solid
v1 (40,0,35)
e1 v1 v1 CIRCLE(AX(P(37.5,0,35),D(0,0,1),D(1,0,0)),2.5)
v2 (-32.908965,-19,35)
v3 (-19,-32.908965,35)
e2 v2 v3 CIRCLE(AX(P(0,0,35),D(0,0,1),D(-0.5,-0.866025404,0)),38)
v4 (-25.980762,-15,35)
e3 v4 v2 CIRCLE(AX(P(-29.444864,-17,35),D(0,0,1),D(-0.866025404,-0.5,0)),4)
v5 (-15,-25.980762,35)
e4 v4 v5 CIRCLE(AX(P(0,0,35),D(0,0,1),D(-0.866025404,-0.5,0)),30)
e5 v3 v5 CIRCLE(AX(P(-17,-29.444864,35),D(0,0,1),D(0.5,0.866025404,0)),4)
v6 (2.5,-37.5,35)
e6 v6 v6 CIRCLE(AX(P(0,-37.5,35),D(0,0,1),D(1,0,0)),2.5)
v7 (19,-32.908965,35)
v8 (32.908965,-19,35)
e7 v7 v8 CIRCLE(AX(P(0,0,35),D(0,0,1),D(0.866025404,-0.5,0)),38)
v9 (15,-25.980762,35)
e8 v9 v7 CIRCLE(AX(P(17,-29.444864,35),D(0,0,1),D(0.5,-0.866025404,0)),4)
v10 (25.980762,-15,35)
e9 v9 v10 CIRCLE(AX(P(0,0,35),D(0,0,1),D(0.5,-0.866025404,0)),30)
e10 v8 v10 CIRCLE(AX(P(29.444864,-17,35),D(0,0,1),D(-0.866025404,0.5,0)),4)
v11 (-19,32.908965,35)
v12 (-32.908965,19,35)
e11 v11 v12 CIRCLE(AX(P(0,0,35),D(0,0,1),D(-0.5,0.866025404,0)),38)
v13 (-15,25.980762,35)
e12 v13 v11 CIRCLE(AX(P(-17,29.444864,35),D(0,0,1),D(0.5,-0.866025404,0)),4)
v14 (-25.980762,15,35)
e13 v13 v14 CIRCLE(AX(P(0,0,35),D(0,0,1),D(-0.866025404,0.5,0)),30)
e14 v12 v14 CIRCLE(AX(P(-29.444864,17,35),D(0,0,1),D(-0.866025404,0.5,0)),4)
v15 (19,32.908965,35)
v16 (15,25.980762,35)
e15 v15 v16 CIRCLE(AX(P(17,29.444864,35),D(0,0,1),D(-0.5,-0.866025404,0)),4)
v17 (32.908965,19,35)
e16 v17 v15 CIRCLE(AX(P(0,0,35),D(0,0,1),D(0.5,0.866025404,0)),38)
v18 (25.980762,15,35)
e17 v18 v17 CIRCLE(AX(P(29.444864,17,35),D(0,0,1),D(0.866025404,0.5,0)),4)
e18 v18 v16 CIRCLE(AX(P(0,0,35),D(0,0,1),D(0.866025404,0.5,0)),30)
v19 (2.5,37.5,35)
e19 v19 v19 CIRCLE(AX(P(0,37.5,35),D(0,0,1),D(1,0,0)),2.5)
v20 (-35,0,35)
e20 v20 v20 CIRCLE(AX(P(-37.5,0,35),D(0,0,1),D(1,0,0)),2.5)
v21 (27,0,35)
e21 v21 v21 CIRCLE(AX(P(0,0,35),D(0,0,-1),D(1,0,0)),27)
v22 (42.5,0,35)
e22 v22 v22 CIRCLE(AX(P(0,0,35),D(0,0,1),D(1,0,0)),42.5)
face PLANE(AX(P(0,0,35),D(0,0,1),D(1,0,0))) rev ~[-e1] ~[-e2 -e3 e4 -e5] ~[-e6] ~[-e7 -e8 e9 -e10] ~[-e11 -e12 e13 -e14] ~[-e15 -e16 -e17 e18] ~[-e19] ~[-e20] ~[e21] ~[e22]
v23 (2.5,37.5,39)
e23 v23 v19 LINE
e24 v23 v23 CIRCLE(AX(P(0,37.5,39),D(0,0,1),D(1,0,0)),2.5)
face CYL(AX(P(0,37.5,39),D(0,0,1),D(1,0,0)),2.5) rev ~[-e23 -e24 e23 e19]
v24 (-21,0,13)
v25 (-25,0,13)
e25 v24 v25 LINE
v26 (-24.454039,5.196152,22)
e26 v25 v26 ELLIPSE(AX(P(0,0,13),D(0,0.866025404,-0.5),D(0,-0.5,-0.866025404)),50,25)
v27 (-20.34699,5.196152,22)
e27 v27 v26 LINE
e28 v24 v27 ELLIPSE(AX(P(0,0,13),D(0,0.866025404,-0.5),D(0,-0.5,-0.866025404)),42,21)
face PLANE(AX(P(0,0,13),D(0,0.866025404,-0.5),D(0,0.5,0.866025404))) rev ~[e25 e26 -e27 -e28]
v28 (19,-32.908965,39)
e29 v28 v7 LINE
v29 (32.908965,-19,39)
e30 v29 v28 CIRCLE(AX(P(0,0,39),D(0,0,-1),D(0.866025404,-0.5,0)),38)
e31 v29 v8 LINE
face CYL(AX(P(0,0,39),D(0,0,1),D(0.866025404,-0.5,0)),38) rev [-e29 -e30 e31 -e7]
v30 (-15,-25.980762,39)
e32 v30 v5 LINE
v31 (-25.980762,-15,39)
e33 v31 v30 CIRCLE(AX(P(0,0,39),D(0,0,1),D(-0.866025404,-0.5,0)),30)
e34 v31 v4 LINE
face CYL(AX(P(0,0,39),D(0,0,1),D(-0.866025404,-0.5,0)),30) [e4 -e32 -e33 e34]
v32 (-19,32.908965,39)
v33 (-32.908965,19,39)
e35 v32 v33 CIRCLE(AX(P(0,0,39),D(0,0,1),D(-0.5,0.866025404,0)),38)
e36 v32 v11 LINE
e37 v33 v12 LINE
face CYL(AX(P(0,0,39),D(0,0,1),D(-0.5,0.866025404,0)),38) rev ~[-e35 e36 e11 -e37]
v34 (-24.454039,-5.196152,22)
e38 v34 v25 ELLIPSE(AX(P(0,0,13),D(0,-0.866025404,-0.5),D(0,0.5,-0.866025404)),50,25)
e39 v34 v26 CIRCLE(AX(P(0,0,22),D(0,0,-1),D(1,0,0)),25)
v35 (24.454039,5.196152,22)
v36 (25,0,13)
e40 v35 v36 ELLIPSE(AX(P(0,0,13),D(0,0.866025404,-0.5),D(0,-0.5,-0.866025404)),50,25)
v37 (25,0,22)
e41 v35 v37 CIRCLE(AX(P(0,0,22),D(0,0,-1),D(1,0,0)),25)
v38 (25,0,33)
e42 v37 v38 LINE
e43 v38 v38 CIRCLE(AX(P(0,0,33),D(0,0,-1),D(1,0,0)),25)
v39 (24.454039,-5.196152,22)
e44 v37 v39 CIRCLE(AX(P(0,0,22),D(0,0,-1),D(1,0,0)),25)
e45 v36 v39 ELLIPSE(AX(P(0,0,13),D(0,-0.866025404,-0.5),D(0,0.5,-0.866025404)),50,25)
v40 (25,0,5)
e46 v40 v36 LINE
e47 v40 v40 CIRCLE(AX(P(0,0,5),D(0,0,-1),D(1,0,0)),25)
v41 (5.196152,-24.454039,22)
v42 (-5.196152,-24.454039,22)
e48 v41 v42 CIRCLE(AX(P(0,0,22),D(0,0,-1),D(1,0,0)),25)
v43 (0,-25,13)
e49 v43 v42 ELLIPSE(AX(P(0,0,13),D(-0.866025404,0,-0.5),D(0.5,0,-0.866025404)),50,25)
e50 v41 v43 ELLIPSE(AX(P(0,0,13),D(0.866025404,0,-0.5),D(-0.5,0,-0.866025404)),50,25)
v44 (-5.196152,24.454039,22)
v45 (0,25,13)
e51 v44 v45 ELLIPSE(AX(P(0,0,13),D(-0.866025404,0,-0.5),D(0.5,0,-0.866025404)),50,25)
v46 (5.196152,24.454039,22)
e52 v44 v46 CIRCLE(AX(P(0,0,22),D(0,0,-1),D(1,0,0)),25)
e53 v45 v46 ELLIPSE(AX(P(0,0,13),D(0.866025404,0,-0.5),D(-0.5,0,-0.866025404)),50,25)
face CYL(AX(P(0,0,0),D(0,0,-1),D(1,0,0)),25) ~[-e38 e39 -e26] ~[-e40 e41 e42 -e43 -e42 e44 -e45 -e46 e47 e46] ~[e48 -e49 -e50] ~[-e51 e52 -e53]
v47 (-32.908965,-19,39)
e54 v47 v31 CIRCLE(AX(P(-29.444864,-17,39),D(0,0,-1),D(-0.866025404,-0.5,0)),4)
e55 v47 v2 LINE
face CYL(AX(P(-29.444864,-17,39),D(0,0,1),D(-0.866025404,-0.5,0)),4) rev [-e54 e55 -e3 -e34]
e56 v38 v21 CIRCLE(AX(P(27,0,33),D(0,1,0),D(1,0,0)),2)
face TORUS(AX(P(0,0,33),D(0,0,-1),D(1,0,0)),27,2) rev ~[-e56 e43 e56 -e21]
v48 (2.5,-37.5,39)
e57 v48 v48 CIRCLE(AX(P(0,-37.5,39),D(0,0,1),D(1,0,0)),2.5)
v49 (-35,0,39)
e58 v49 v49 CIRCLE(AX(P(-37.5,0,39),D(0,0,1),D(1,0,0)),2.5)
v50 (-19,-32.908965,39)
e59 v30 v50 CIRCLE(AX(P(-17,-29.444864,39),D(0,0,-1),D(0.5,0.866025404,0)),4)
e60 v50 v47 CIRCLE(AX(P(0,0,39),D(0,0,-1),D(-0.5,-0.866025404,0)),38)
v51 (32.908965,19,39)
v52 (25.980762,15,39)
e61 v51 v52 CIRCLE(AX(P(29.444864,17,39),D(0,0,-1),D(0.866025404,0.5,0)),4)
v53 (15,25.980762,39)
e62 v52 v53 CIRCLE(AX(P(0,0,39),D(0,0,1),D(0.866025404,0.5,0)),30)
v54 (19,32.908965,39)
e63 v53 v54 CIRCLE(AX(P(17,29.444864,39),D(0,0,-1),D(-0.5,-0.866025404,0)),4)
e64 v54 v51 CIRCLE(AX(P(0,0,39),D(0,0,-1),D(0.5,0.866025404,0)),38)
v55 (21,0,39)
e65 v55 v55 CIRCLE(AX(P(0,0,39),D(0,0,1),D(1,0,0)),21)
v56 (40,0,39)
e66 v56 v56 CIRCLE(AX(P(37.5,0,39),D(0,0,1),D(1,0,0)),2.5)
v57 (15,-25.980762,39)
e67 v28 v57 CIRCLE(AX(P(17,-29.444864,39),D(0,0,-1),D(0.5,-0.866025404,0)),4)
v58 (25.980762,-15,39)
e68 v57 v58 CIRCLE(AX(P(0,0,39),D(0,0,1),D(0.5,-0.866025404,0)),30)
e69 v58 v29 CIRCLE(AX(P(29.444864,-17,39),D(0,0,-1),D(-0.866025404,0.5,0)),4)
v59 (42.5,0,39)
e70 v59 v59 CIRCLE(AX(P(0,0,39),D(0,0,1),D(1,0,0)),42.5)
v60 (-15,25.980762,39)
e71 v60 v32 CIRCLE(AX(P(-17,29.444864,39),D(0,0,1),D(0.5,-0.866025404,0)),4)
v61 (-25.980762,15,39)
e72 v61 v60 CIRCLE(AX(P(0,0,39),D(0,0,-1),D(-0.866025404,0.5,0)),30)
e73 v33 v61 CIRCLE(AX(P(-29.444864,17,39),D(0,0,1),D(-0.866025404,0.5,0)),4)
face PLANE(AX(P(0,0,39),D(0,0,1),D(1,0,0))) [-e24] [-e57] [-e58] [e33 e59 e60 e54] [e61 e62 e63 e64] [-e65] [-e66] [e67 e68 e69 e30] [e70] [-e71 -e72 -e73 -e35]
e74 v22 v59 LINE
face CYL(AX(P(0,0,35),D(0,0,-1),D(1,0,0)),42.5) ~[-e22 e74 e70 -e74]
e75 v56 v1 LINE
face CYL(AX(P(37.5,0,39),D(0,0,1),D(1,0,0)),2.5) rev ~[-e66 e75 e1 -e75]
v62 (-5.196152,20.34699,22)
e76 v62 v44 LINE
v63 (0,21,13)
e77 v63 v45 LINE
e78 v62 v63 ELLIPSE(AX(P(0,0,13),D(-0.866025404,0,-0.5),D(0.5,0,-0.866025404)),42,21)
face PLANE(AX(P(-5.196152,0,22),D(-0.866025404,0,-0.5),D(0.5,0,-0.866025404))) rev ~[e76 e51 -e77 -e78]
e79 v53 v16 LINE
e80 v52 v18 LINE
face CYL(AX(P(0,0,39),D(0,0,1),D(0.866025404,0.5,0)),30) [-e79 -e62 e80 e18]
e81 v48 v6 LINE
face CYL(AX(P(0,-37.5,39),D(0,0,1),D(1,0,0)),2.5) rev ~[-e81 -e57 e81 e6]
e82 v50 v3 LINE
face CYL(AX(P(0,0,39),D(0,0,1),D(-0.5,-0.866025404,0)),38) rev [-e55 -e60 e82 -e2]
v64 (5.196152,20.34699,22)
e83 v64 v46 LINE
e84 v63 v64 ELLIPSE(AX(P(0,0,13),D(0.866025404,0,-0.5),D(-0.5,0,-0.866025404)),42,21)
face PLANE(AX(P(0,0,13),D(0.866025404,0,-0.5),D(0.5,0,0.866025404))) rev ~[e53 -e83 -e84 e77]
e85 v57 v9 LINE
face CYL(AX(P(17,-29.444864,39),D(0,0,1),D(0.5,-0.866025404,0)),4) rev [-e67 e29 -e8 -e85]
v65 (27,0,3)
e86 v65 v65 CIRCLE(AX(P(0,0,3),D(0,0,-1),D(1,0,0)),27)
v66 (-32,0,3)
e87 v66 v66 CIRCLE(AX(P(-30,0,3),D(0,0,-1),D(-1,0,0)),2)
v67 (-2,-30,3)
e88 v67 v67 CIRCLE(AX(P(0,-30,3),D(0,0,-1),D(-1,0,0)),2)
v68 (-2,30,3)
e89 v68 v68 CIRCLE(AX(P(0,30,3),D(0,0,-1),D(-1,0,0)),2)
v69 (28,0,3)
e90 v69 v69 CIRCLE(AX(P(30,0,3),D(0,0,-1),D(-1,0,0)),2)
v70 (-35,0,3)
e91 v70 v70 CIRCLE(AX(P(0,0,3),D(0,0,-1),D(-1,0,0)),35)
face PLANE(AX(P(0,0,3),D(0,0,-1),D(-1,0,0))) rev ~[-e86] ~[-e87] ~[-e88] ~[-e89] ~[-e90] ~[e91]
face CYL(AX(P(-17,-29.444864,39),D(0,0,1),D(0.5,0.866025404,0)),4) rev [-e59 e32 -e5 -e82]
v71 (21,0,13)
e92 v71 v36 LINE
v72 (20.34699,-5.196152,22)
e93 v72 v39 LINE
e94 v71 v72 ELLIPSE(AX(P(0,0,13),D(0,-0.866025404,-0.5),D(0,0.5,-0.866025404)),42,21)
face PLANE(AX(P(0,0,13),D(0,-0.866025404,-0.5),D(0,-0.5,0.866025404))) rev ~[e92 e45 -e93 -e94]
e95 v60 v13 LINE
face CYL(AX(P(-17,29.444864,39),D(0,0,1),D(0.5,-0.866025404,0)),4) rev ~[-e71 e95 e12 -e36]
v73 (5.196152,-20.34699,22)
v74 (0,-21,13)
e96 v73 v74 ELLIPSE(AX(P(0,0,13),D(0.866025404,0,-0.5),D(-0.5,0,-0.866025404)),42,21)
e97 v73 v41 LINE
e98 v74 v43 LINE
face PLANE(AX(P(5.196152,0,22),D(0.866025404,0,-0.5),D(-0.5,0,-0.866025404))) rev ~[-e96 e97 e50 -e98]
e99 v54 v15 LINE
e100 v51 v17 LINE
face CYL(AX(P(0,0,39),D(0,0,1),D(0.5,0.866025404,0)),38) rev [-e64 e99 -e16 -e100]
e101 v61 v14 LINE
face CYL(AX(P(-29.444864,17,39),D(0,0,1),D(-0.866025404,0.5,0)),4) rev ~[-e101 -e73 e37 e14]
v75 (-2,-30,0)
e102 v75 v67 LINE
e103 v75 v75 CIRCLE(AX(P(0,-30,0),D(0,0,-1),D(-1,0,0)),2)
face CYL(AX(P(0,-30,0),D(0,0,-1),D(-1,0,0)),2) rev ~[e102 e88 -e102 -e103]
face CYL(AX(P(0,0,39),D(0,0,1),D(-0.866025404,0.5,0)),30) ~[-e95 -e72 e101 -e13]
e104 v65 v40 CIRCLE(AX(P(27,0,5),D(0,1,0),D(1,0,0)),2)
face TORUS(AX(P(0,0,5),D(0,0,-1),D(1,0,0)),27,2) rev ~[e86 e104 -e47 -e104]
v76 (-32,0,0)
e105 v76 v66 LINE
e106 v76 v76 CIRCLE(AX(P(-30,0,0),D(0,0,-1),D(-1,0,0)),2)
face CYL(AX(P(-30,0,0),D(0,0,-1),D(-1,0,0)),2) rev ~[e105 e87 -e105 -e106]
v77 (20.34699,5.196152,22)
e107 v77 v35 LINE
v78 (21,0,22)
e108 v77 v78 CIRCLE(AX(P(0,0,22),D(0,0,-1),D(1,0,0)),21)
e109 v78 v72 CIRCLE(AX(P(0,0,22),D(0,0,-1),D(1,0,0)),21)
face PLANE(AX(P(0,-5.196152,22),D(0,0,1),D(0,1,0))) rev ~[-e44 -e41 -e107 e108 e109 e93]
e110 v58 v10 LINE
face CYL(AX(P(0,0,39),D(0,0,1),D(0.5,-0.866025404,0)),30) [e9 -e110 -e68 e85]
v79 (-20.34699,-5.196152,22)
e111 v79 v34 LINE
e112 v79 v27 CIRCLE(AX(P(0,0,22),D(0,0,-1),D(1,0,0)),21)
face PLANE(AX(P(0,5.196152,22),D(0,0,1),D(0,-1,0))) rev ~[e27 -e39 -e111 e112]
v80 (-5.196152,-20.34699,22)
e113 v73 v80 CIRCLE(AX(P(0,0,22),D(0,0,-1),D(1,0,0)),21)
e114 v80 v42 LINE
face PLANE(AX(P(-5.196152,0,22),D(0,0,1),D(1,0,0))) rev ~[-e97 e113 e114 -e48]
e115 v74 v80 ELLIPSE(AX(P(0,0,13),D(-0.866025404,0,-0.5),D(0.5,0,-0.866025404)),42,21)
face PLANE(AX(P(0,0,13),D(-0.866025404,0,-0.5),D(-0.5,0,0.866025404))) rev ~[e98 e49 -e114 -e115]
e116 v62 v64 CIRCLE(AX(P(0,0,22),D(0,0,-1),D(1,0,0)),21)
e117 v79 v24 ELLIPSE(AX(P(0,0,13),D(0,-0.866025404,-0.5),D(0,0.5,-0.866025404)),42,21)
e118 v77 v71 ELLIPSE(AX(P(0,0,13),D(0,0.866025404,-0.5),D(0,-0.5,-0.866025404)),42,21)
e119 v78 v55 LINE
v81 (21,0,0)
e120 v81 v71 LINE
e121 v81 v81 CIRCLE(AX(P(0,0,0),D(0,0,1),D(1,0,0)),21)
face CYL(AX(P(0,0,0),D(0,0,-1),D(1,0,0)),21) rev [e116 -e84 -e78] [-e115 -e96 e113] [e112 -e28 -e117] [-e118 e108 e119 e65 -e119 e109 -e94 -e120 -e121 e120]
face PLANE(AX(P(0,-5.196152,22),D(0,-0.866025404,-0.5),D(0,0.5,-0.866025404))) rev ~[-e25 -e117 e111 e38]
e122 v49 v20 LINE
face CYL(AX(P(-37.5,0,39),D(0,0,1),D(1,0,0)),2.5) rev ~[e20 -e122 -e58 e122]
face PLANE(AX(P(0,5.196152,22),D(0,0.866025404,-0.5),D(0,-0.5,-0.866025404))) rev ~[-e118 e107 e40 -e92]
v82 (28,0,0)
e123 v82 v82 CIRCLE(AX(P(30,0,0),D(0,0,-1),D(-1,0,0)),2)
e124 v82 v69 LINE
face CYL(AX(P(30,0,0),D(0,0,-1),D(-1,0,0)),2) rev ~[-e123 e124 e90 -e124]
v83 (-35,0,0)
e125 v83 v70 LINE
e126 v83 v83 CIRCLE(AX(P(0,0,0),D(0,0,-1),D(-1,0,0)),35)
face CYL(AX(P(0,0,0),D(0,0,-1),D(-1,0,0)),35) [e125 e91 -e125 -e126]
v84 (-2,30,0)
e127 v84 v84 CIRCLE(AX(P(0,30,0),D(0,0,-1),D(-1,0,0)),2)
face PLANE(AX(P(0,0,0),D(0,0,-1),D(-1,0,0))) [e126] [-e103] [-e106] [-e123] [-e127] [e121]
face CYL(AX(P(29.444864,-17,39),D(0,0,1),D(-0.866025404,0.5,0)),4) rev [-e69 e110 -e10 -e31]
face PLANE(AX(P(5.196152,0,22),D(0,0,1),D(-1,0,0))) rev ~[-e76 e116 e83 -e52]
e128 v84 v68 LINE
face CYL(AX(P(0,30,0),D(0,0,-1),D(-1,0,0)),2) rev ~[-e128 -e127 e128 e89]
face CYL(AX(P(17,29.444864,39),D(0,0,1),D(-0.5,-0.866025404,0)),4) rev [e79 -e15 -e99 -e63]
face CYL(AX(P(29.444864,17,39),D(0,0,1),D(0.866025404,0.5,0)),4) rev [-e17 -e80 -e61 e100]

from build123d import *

# Parameters (mm, degrees)
SKETCH_1_R               = 25
SKETCH_1_R_2             = 21
EXTRUDE_1_DEPTH          = 39
EXTRUDE_START            = -4
SKETCH_2_R               = 42.5
SKETCH_2_R_2             = 21
EXTRUDE_2_DEPTH          = 4
SKETCH_3_R               = 2.5
CUT_EXTRUDE_1_DEPTH      = 4
SKETCH_4_R               = 35
SKETCH_4_R_2             = 21
EXTRUDE_3_DEPTH          = 3
SKETCH_5_R               = 2
CUT_EXTRUDE_2_DEPTH      = 3
FILLET_1_R               = 2
CUT_EXTRUDE_3_DEPTH      = 42
PATTERN_CIRCULAR_1_COUNT = 4
CUT_EXTRUDE_4_DEPTH      = 5


with BuildPart() as part:
    # 草图1 → 凸台-拉伸1 (new body)
    with BuildSketch(Plane.XY):
        Circle(SKETCH_1_R)
        Circle(SKETCH_1_R_2, mode=Mode.SUBTRACT)
    extrude(amount=EXTRUDE_1_DEPTH)

    # 草图2 → 凸台-拉伸2 (add)
    with BuildSketch(Plane.XY.offset(39).offset(EXTRUDE_START)):
        Circle(SKETCH_2_R)
        Circle(SKETCH_2_R_2, mode=Mode.SUBTRACT)
    extrude(amount=EXTRUDE_2_DEPTH)

    # 草图3 → 切除-拉伸1 (cut)
    with BuildSketch(Plane.XY.offset(39)):
        with Locations((0, 37.5)):
            Circle(SKETCH_3_R)
        with Locations((37.5, 0)):
            Circle(SKETCH_3_R)
        with Locations((0, -37.5)):
            Circle(SKETCH_3_R)
        with Locations((-37.5, 0)):
            Circle(SKETCH_3_R)
    extrude(amount=-CUT_EXTRUDE_1_DEPTH, mode=Mode.SUBTRACT)

    # 草图4 → 凸台-拉伸3 (add)
    with BuildSketch(Plane(origin=(0, 0, 0), x_dir=(-1, 0, 0), z_dir=(0, 0, -1))):
        Circle(SKETCH_4_R)
        with Locations(Location((0, 0, 0), (0, 0, 180))):
            Circle(SKETCH_4_R_2, mode=Mode.SUBTRACT)
    extrude(amount=-EXTRUDE_3_DEPTH)

    # 草图5 → 切除-拉伸2 (cut)
    with BuildSketch(Plane(origin=(0, 0, 0), x_dir=(-1, 0, 0), z_dir=(0, 0, -1))):
        with Locations((0, 30)):
            Circle(SKETCH_5_R)
        with Locations((30, 0)):
            Circle(SKETCH_5_R)
        with Locations((0, -30)):
            Circle(SKETCH_5_R)
        with Locations((-30, 0)):
            Circle(SKETCH_5_R)
    extrude(amount=-CUT_EXTRUDE_2_DEPTH, mode=Mode.SUBTRACT)

    # 圆角1
    fillet_1_edges = [part.edges().sort_by_distance(p)[0] for p in [
        (-25, 0, 35),
        (-25, 0, 3),
    ]]
    fillet(fillet_1_edges, radius=FILLET_1_R)

    # 草图6 → 切除-拉伸3 (cut)
    with BuildSketch(Plane(origin=(0, 0, 0), x_dir=(0, 0, -1), z_dir=(1, 0, 0))):
        Polygon((-13, 0), (-22, 5.196152423), (-22, -5.196152423), align=None)
    cut_extrude_3 = extrude(amount=-CUT_EXTRUDE_3_DEPTH, mode=Mode.SUBTRACT)

    # 阵列(圆周)1: 切除-拉伸3 ×4 about axis
    pattern_circular_1_axis = Axis((0, 0, 0), (0, 0, 1))
    for i in range(1, PATTERN_CIRCULAR_1_COUNT):
        add(cut_extrude_3.rotate(pattern_circular_1_axis, i * 360 / PATTERN_CIRCULAR_1_COUNT), mode=Mode.SUBTRACT)

    # 草图7 → 切除-拉伸4 (cut)
    with BuildSketch(Plane.XY.offset(39)):
        with BuildLine():
            ThreePointArc((-19, 32.908965344), (-26.870057685, 26.870057685), (-32.908965344, 19))
            ThreePointArc((-32.908965344, 19), (-31.444863729, 13.535898385), (-25.980762114, 15))
            ThreePointArc((-25.980762114, 15), (-21.213203436, 21.213203436), (-15, 25.980762114))
            ThreePointArc((-15, 25.980762114), (-13.535898385, 31.444863729), (-19, 32.908965344))
        make_face()
        with BuildLine():
            ThreePointArc((25.980762114, 15), (21.213203436, 21.213203436), (15, 25.980762114))
            ThreePointArc((15, 25.980762114), (13.535898385, 31.444863729), (19, 32.908965344))
            ThreePointArc((19, 32.908965344), (26.870057685, 26.870057685), (32.908965344, 19))
            ThreePointArc((32.908965344, 19), (31.444863729, 13.535898385), (25.980762114, 15))
        make_face()
        with BuildLine():
            ThreePointArc((15, -25.980762114), (21.213203436, -21.213203436), (25.980762114, -15))
            ThreePointArc((25.980762114, -15), (31.444863729, -13.535898385), (32.908965344, -19))
            ThreePointArc((32.908965344, -19), (26.870057685, -26.870057685), (19, -32.908965344))
            ThreePointArc((19, -32.908965344), (13.535898385, -31.444863729), (15, -25.980762114))
        make_face()
        with BuildLine():
            ThreePointArc((-25.980762114, -15), (-21.213203436, -21.213203436), (-15, -25.980762114))
            ThreePointArc((-15, -25.980762114), (-13.535898385, -31.444863729), (-19, -32.908965344))
            ThreePointArc((-19, -32.908965344), (-26.870057685, -26.870057685), (-32.908965344, -19))
            ThreePointArc((-32.908965344, -19), (-31.444863729, -13.535898385), (-25.980762114, -15))
        make_face()
    extrude(amount=-CUT_EXTRUDE_4_DEPTH, mode=Mode.SUBTRACT)


solid = part.part
